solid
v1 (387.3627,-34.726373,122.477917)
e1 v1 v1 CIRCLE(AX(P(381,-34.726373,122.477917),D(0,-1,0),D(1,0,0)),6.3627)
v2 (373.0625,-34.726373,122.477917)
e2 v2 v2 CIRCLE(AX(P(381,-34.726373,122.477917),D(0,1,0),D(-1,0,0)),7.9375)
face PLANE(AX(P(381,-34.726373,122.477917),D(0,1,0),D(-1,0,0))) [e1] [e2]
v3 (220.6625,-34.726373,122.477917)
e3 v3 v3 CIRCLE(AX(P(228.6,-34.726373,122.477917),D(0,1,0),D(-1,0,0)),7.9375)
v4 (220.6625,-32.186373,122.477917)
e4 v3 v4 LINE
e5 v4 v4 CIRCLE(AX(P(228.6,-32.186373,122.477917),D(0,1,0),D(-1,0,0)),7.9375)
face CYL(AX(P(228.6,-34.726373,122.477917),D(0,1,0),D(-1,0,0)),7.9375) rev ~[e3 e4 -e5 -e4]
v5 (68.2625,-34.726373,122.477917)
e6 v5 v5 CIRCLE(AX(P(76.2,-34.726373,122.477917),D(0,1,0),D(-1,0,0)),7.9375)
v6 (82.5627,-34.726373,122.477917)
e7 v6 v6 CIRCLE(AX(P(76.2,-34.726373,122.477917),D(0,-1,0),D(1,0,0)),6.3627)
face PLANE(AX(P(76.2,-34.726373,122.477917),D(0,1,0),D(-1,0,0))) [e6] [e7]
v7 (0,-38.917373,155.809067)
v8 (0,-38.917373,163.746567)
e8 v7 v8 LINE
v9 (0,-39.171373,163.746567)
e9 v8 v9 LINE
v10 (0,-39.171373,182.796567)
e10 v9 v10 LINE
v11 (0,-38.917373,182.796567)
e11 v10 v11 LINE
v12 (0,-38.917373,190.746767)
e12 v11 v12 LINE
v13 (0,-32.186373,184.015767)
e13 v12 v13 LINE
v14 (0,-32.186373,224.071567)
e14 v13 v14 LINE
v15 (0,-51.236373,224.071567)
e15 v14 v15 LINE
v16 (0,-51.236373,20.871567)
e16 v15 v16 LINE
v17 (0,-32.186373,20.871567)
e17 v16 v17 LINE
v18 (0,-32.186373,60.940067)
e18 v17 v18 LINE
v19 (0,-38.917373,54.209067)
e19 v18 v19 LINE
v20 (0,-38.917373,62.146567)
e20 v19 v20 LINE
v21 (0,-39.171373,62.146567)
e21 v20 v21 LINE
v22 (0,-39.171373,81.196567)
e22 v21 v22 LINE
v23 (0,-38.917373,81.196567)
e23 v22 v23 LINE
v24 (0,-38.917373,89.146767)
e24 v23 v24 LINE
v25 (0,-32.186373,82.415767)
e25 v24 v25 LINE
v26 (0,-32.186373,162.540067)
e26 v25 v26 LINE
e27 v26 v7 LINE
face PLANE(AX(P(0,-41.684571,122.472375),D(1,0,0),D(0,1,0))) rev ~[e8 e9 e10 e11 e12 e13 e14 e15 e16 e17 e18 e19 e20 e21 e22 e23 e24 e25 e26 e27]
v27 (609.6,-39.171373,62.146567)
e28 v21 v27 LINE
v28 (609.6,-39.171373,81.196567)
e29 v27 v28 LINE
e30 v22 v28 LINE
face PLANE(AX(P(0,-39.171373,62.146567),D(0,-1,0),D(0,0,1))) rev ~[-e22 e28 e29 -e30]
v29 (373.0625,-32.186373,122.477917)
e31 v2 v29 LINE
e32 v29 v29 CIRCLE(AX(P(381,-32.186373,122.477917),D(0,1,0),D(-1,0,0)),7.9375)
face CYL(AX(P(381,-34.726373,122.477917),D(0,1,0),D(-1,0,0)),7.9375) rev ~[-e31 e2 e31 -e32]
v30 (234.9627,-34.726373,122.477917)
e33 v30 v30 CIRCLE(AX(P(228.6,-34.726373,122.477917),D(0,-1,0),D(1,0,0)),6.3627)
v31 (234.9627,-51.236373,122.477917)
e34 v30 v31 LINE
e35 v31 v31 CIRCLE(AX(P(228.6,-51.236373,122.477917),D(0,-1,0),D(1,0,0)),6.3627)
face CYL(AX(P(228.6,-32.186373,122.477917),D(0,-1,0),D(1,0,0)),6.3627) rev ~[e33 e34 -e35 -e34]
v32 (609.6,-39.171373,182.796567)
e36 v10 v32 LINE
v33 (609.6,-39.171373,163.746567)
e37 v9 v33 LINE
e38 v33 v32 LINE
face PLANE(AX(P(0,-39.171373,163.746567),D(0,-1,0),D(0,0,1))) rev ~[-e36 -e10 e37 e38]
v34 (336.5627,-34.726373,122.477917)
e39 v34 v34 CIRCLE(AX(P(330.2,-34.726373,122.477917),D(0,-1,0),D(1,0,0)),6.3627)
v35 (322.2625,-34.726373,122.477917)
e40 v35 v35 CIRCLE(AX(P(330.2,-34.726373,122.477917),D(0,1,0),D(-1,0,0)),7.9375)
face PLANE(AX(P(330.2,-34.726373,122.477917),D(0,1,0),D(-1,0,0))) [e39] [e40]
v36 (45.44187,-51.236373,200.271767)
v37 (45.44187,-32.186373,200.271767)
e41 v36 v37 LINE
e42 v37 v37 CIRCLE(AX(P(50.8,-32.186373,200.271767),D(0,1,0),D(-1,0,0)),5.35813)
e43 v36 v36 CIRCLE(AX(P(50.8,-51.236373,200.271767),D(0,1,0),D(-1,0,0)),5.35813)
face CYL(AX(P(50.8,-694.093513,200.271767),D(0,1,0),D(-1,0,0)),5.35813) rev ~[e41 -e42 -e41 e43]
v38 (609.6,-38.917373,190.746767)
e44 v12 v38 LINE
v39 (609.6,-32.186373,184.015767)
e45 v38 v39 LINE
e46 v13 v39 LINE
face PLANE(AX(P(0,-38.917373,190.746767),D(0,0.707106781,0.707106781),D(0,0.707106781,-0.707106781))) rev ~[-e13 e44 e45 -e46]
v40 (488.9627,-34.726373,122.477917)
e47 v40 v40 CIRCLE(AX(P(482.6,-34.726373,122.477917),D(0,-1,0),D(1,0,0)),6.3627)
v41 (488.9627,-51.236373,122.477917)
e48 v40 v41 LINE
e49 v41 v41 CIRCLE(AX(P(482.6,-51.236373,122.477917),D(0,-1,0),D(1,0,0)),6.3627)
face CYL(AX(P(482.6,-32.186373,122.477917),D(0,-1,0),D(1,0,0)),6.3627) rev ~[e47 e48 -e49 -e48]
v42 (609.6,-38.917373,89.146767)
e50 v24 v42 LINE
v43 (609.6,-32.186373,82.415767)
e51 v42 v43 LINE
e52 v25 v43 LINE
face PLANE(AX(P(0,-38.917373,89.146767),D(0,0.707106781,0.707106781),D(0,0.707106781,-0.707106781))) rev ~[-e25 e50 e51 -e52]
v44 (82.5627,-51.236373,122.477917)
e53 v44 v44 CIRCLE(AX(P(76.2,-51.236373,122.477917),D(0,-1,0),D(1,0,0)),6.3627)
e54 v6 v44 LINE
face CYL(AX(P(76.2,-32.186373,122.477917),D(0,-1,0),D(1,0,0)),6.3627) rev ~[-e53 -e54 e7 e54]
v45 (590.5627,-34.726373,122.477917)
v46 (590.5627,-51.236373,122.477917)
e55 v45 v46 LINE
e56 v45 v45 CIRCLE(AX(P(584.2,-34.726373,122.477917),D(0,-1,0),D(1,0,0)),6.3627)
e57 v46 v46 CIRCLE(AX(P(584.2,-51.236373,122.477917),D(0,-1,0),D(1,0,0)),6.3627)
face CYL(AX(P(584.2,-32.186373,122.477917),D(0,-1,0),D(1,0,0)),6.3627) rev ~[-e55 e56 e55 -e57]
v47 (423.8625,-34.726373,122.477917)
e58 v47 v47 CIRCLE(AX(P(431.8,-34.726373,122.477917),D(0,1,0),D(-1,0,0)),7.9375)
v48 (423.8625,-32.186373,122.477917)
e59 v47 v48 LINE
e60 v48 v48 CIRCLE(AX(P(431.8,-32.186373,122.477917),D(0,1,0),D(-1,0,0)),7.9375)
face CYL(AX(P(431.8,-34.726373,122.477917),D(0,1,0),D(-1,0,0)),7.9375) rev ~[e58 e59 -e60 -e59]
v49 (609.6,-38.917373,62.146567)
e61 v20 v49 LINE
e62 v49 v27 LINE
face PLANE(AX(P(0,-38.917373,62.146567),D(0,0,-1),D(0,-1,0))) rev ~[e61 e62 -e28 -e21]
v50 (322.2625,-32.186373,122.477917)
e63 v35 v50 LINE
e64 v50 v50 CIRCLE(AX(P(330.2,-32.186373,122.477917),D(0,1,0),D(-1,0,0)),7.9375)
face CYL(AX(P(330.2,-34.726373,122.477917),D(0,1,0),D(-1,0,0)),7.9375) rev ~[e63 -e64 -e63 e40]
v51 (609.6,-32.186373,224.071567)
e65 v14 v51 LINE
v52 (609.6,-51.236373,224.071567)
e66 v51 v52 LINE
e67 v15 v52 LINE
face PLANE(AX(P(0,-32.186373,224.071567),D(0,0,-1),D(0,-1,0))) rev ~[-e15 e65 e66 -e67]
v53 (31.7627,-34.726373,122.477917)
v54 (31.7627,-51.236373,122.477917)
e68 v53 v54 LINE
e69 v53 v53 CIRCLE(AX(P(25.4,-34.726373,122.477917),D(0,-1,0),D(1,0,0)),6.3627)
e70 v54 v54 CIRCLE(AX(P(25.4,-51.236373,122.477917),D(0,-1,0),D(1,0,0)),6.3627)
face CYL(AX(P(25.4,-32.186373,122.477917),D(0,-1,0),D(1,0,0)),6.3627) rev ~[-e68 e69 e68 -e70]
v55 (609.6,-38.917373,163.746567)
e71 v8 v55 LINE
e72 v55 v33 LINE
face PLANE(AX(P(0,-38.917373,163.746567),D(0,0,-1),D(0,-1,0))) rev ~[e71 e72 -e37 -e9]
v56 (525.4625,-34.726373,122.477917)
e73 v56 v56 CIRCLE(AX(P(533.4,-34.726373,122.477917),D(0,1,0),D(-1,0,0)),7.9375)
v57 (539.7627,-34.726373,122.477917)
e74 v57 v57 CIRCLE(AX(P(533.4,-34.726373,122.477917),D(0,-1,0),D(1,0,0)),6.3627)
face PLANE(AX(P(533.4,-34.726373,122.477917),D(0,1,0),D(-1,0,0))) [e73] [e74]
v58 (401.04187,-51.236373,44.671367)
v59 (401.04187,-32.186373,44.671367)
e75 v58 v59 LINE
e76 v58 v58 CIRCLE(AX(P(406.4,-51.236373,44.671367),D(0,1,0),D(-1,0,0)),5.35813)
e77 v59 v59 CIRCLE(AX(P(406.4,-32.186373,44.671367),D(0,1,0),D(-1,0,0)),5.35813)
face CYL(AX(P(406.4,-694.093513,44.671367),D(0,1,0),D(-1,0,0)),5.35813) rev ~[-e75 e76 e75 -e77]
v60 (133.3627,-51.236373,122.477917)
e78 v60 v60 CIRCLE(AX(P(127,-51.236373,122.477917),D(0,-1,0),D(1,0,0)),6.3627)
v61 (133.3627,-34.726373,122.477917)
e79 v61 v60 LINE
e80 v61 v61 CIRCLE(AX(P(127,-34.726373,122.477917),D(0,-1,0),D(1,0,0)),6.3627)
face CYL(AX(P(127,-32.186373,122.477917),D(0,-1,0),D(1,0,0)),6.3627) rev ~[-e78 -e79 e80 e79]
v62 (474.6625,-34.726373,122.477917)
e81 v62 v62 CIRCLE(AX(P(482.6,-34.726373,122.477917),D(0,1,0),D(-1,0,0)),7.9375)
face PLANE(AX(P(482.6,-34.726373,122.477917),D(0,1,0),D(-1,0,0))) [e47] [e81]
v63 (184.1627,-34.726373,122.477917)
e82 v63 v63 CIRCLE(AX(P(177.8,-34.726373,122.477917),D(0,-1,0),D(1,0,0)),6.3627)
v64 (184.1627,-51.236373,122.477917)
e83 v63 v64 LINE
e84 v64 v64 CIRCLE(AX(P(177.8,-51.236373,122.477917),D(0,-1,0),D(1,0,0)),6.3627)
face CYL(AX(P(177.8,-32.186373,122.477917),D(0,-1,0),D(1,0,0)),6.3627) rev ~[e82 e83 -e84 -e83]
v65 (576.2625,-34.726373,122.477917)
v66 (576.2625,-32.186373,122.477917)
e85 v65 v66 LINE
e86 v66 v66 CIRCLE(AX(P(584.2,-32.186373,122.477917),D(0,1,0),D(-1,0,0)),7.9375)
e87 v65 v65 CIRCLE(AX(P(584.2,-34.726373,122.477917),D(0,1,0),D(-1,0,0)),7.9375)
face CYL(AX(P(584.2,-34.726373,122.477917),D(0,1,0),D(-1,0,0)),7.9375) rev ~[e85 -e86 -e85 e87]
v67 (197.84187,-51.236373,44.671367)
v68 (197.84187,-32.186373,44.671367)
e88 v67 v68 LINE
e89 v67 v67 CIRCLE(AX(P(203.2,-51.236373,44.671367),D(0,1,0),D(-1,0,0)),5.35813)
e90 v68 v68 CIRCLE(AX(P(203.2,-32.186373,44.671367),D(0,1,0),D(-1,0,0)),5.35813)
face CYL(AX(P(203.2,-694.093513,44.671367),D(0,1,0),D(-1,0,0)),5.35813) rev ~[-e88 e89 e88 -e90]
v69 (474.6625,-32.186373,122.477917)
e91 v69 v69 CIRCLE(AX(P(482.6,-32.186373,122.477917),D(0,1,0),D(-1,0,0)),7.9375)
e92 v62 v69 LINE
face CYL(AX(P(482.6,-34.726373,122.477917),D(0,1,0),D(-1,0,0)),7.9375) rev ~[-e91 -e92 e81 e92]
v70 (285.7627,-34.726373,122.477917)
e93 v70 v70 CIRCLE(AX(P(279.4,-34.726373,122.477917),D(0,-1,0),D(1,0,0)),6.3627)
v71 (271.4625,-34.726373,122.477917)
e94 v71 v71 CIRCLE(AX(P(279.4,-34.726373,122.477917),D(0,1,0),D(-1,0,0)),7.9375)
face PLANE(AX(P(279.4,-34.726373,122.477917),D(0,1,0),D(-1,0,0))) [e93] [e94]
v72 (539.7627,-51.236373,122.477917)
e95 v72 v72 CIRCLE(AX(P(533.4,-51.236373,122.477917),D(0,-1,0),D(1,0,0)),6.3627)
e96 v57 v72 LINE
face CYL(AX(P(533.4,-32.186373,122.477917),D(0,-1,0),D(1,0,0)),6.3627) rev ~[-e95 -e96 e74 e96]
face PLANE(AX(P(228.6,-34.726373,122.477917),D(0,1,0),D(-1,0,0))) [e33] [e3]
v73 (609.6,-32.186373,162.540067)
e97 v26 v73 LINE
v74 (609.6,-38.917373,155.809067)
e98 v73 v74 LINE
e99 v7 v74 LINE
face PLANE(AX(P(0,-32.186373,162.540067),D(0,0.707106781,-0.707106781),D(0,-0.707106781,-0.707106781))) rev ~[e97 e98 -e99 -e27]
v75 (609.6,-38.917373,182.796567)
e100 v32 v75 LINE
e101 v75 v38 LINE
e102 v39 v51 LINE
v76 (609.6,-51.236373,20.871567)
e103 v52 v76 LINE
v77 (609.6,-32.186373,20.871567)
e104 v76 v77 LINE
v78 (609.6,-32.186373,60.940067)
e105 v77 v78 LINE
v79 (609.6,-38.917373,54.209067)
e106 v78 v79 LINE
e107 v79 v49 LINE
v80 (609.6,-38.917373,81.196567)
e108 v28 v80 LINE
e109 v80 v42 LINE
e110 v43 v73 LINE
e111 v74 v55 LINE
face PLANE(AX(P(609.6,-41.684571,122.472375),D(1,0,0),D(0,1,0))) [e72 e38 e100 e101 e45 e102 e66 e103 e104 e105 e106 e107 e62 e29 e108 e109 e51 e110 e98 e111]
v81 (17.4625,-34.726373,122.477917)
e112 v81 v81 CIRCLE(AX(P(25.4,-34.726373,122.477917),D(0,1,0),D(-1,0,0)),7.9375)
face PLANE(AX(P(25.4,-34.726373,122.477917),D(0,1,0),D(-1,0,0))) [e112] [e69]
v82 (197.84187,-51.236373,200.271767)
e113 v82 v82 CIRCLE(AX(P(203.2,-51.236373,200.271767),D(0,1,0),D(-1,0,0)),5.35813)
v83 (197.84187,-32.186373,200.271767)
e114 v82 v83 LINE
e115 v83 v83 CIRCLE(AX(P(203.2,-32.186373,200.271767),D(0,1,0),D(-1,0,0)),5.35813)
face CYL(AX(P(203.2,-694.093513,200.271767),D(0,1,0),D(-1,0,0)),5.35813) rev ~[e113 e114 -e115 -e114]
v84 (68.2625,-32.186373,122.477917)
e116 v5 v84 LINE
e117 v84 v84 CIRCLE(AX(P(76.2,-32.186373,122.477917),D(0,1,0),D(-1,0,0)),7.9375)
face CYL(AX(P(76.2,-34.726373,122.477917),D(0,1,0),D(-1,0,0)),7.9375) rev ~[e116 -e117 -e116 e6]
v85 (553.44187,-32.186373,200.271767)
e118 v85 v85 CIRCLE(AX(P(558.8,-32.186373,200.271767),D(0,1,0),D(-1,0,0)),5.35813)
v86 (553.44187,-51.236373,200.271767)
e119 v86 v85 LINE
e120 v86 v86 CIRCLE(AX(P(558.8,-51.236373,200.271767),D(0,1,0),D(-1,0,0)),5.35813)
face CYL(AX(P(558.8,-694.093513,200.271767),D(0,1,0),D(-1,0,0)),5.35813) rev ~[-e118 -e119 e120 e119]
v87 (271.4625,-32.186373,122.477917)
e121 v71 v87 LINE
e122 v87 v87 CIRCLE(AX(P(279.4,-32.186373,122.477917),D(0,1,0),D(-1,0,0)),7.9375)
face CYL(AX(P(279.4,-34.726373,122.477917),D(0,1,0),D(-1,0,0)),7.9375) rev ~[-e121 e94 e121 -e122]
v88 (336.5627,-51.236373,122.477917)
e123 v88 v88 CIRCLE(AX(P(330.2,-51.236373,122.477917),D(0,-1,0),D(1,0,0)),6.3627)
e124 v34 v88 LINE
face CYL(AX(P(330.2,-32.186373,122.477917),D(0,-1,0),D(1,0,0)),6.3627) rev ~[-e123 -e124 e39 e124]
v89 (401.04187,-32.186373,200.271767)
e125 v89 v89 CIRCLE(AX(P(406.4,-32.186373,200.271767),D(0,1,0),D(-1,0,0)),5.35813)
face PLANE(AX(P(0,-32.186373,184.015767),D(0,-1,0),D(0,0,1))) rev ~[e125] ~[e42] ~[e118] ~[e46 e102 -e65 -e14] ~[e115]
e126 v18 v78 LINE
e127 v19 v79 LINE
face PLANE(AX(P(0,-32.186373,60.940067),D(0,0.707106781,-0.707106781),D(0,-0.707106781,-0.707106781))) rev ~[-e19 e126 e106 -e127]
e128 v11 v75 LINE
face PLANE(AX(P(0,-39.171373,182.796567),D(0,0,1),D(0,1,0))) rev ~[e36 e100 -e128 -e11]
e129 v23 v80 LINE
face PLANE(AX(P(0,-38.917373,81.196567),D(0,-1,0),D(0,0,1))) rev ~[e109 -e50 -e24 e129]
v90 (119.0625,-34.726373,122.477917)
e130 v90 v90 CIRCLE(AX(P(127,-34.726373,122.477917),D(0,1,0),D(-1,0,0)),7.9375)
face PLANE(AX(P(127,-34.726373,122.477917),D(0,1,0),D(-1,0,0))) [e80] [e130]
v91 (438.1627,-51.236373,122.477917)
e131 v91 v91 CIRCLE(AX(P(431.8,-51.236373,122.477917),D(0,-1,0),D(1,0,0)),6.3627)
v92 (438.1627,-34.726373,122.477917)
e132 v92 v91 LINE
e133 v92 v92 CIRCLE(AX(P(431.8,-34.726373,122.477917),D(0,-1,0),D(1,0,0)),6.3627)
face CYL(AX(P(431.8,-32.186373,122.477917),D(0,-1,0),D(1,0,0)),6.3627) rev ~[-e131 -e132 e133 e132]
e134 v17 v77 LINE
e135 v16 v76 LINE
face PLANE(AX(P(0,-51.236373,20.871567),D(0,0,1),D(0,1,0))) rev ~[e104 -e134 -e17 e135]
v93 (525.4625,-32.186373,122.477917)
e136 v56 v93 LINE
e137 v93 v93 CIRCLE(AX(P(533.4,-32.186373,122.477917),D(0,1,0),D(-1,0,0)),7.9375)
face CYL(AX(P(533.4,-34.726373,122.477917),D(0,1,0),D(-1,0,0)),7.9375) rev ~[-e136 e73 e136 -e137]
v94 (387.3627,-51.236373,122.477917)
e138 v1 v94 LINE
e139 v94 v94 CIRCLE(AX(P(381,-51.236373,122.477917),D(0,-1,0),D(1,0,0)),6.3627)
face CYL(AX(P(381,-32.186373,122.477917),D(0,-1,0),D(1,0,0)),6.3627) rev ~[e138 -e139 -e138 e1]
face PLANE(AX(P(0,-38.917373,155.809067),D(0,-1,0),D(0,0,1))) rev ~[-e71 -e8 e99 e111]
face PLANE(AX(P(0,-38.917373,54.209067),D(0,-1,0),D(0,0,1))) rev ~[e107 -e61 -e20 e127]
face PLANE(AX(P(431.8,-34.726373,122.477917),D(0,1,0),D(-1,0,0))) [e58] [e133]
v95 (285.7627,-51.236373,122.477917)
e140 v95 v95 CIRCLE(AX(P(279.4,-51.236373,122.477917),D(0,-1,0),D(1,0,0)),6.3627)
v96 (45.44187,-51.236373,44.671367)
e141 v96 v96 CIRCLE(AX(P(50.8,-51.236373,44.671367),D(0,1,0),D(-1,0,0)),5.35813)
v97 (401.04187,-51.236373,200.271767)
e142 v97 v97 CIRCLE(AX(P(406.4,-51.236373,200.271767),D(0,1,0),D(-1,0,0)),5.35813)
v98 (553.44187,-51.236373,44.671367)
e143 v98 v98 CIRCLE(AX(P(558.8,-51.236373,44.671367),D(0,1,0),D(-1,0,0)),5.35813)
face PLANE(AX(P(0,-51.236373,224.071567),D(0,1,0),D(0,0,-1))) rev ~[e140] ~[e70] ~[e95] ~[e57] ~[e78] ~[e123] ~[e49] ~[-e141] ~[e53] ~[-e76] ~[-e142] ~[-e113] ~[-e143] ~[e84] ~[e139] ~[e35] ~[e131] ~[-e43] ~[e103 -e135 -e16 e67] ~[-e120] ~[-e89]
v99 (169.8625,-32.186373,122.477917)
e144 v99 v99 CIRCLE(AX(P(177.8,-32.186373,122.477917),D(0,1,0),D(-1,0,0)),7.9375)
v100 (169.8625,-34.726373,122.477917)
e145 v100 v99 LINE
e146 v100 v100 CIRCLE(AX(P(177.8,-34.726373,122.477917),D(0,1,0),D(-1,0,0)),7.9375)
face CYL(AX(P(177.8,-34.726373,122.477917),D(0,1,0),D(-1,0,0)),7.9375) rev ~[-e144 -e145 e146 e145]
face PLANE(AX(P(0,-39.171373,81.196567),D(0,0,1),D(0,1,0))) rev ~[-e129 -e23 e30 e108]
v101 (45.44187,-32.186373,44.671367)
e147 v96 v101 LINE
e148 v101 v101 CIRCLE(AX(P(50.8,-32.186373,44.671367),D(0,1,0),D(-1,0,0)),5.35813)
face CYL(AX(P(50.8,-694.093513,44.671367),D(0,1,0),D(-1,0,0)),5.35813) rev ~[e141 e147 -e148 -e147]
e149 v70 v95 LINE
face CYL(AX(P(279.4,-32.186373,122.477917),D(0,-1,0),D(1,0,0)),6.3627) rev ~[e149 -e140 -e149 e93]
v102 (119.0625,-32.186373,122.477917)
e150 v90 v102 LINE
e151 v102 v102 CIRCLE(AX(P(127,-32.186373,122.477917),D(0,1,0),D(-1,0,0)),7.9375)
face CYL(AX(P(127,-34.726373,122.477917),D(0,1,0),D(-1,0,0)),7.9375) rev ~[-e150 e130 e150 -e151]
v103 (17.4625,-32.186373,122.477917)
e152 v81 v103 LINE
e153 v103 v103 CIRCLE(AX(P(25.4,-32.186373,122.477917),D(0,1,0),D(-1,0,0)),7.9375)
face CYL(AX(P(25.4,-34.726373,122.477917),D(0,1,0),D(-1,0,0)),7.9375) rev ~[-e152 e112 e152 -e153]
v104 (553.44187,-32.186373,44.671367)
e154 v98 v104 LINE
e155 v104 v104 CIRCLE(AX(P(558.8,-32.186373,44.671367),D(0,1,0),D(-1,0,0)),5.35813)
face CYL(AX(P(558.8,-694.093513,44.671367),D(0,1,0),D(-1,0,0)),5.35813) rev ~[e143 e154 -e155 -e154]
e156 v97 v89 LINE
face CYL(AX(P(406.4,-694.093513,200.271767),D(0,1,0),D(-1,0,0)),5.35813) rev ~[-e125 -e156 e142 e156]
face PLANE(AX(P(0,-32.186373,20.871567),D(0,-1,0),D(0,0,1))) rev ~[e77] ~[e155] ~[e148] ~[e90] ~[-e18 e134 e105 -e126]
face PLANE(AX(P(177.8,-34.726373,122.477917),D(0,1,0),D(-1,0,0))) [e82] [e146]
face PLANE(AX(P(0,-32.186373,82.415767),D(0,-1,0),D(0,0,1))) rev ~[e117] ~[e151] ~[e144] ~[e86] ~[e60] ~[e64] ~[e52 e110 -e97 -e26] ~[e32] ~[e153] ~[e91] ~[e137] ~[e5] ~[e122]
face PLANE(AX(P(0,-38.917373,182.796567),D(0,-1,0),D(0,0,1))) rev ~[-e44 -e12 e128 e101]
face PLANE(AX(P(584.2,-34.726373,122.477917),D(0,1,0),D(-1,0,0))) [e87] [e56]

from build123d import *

# Parameters (mm, degrees)
F1_DEPTH       = 609.6
F3_D           = 10.71626
F6_D           = 12.7254
F6_CBORE_D     = 15.875
F6_CBORE_DEPTH = 2.54


with BuildPart() as f1:
    # F0 (on Right) → F1 (new body)
    with BuildSketch(Plane.YZ):
        Polygon((-32.1863732547, 224.0715666294), (-51.2363732547, 224.0715666294), (-51.2363732547, 20.8715666294), (-32.1863732547, 20.8715666294), (-32.1863732547, 60.9400666294), (-38.9173732547, 54.2090666294), (-38.9173732547, 62.1465666294), (-39.1713732547, 62.1465666294), (-39.1713732547, 81.1965666294), (-38.9173732547, 81.1965666294), (-38.9173732547, 89.1467666294), (-32.1863732547, 82.4157666294), (-32.1863732547, 162.5400666294), (-38.9173732547, 155.8090666294), (-38.9173732547, 163.7465666294), (-39.1713732547, 163.7465666294), (-39.1713732547, 182.7965666294), (-38.9173732547, 182.7965666294), (-38.9173732547, 190.7467666294), (-32.1863732547, 184.0157666294), align=None)
    extrude(amount=F1_DEPTH)

    # F3 (through all)
    with Locations(Plane.XZ.offset(51.2363732547)):
        with Locations((50.8, 200.2717666294), (203.2, 200.2717666294), (406.4, 200.2717666294), (558.8, 200.2717666294), (558.8, 44.6713666294), (406.4, 44.6713666294), (203.2, 44.6713666294), (50.8, 44.6713666294)):
            Hole(F3_D / 2)

    # F6 (through all)
    with Locations(Plane(origin=(0, -32.1863732547, 0), x_dir=(-1, 0, 0), z_dir=(0, 1, 0))):
        with Locations((-584.2, 122.4779166294), (-533.4, 122.4779166294), (-482.6, 122.4779166294), (-381, 122.4779166294), (-330.2, 122.4779166294), (-279.4, 122.4779166294), (-228.6, 122.4779166294), (-177.8, 122.4779166294), (-127, 122.4779166294), (-76.2, 122.4779166294), (-431.8, 122.4779166294), (-25.4, 122.4779166294)):
            CounterBoreHole(F6_D / 2, F6_CBORE_D / 2, F6_CBORE_DEPTH)


solid = f1.part
